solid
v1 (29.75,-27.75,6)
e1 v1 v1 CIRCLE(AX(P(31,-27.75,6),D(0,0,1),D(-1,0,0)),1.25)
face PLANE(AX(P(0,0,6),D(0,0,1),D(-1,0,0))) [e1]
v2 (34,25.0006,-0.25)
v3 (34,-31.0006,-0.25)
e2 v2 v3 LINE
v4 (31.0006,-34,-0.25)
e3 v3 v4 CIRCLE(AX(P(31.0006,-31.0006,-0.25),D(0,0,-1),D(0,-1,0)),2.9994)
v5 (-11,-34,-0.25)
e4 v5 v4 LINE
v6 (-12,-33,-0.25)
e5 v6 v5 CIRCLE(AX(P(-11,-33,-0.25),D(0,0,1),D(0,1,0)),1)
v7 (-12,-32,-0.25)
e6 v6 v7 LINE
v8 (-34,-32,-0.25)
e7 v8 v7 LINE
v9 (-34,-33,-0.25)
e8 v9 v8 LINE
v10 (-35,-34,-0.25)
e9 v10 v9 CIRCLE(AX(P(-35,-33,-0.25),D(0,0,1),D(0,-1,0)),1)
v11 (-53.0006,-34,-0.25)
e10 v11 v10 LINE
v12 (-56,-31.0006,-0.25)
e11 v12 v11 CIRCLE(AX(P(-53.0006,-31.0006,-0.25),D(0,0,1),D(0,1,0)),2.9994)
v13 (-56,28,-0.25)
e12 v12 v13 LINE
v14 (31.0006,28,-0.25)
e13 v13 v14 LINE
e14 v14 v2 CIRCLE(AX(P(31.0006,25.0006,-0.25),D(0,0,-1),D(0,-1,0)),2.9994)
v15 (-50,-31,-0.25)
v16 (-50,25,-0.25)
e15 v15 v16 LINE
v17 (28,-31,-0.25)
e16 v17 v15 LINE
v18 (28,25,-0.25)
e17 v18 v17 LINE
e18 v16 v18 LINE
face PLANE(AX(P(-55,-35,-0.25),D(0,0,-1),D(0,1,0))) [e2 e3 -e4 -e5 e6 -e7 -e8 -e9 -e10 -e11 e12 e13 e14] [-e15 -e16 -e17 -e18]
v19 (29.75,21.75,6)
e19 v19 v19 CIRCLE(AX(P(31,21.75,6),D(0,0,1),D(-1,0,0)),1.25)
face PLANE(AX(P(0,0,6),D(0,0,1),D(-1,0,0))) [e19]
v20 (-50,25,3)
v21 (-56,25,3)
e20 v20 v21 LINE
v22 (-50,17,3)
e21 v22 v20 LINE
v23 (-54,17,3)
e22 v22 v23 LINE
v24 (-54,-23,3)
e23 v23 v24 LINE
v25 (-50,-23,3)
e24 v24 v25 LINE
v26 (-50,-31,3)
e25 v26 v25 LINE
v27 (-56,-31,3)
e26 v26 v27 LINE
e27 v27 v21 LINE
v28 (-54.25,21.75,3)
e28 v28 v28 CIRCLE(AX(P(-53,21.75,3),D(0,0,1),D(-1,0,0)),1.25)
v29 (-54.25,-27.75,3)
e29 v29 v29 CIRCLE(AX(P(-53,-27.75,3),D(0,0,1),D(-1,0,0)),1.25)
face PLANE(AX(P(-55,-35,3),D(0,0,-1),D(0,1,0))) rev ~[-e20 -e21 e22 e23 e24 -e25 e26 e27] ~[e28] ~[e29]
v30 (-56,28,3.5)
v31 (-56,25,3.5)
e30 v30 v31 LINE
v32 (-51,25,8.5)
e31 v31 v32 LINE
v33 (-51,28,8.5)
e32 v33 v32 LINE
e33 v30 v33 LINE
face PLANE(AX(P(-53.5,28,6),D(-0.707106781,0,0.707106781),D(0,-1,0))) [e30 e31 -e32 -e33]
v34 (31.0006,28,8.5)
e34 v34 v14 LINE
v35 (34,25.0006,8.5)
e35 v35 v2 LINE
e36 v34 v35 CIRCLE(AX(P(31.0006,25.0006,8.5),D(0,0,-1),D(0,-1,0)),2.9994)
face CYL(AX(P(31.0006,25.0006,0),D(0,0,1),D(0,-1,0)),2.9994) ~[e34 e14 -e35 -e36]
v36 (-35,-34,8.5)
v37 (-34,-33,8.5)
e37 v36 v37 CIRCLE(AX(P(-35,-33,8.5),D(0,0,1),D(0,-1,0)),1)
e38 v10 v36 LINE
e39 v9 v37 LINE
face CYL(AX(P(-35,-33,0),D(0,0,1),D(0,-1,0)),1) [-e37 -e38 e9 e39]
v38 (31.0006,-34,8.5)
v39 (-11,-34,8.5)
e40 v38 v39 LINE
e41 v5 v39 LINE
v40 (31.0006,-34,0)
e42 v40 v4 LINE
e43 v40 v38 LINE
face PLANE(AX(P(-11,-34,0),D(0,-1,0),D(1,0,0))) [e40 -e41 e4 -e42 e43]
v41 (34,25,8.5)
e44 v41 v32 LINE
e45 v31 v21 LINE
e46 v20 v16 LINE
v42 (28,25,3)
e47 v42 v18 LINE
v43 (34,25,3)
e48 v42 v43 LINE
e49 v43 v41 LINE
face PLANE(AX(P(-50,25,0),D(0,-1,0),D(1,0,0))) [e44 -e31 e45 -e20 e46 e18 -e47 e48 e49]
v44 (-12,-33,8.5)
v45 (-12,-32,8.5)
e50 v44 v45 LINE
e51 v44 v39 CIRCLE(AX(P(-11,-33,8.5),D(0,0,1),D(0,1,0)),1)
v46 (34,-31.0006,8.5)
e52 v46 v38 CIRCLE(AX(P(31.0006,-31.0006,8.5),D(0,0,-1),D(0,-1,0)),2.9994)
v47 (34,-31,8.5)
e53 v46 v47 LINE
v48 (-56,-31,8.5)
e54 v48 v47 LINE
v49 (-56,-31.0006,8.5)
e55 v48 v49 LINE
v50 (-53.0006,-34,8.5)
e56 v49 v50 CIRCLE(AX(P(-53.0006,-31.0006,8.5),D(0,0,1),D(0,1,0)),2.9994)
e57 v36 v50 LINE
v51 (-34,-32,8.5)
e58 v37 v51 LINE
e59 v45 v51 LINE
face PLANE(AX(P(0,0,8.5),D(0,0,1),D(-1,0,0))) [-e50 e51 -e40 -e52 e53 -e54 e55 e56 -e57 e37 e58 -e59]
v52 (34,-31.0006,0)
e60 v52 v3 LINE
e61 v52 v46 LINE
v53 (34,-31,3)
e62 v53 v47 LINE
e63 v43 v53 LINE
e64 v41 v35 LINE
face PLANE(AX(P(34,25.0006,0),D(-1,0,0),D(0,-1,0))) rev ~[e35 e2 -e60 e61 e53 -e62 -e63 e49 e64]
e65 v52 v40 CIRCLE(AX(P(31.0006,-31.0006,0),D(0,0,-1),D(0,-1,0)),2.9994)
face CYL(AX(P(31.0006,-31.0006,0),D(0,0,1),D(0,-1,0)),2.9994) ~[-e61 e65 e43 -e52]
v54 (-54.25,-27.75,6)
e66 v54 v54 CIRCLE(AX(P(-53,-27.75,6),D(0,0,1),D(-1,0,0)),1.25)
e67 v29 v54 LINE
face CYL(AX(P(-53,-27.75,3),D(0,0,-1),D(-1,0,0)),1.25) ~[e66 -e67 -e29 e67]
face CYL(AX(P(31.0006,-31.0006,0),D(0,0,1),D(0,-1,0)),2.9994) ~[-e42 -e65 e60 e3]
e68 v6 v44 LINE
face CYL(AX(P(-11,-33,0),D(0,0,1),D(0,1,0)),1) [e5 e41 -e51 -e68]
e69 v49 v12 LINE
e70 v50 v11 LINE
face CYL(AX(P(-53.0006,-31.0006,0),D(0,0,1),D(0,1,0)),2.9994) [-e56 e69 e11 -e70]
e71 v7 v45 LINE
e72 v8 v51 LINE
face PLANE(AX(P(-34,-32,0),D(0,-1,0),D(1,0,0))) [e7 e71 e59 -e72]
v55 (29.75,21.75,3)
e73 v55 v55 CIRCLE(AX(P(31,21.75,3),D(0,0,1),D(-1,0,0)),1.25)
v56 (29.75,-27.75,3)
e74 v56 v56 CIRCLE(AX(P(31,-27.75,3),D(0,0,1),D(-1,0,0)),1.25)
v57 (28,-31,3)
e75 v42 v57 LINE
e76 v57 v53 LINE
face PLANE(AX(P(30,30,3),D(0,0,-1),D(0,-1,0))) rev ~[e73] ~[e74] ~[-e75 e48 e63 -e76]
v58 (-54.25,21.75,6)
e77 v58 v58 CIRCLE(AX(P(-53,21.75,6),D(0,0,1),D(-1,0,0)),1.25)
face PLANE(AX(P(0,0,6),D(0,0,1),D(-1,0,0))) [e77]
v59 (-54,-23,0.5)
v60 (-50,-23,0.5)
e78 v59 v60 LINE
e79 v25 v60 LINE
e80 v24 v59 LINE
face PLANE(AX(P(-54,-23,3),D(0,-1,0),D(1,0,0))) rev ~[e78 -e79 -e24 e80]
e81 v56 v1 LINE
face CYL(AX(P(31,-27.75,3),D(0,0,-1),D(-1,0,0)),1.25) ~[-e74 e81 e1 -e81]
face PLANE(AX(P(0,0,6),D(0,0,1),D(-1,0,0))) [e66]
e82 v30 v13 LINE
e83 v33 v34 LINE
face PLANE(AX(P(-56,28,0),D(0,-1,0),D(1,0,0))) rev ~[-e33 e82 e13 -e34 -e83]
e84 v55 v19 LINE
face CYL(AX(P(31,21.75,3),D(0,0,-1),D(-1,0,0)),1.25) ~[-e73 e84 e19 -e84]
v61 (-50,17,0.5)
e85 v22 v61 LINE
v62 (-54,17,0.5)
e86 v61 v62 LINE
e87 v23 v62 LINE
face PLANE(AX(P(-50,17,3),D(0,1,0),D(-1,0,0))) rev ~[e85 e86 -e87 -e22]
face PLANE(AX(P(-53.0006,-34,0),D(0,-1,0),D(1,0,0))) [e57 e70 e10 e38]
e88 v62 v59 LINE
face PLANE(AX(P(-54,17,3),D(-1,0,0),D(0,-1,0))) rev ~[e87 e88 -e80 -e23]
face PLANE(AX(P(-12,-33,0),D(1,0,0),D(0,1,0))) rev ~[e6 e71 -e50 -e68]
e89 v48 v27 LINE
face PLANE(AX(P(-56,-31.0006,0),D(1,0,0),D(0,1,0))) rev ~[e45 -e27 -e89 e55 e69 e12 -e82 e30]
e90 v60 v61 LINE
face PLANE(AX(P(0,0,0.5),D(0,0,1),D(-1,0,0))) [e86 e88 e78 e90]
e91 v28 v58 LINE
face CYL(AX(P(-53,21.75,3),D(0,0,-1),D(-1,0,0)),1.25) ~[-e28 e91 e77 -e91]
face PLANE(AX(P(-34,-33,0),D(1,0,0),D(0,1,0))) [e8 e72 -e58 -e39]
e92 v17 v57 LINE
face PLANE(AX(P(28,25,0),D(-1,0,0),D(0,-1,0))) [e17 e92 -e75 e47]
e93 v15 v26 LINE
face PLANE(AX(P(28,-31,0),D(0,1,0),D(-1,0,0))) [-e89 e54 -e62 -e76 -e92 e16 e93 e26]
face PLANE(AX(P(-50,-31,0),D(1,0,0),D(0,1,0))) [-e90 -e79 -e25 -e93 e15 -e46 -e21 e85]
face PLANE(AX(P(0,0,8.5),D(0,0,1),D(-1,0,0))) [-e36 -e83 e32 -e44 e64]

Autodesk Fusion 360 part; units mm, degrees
sketch "Sketch1" plane through (0, 0, 0) normal (0, 0, 1) x (1, 0, 0)
  line L0 (-50, 25) -> (28, 25)
  line L1 (28, 25) -> (28, -31)
  line L2 (28, -31) -> (-50, -31)
  line L3 (-50, -31) -> (-50, 25)
  line L4 (-55, 30) -> (30, 30)
  line L5 (30, 30) -> (30, -35)
  line L6 (30, -35) -> (-55, -35)
  line L7 (-55, -35) -> (-55, 30)
  dimension "d1" = 78
  dimension "d2" = 56
extrude "Extrude1" add sketch "Sketch1" along normal blind 3
sketch "Sketch2" plane through (0, 0, 3) normal (0, 0, 1) x (-1, 0, 0)
  line L0 (-28, 31) -> (50, 31)
  line L1 (50, 31) -> (50, -25)
  line L2 (50, -25) -> (-28, -25)
  line L3 (-28, -25) -> (-28, 31)
  line L4 (55, 35) -> (-30, 35)
  line L5 (-30, 35) -> (-30, -30)
  line L6 (-30, -30) -> (55, -30)
  line L7 (55, -30) -> (55, 35)
  line L8 (50, -25) -> (-28, -25)
  line L9 (-28, -25) -> (-28, -30)
  line L10 (-28, -30) -> (50, -30)
  line L11 (50, -30) -> (50, -25)
  line L12 (-28, 31) -> (50, 31)
  line L13 (50, 31) -> (50, 35)
  line L14 (50, 35) -> (-28, 35)
  line L15 (-28, 35) -> (-28, 31)
extrude "Extrude2" add sketch "Sketch2" along normal blind 5 contours L0 L4 L12 L13 L14 L15 | L2 L6 L8 L9 L10 L11
extrude "Extrude3" add 1 faces at (30, 8.3333, 1) along direction (1, 0, 0) blind 4
extrude "Extrude4" add 1 faces at (-55, -13.3333, 1) along direction (-1, 0, 0) blind 1
sketch "Sketch3" plane through (0, 0, 3) normal (0, 0, 1) x (-1, 0, 0)
  line L0 (50, 35) -> (50, 31)
  line L1 (50, 31) -> (50, -25)
  line L2 (50, -25) -> (50, -30)
  line L3 (50, -30) -> (56, -30)
  line L4 (56, -30) -> (56, 35)
  line L5 (56, 35) -> (50, 35)
  circle A0 centre (53, -21.75) radius 1.25
  circle A1 centre (-31, -21.75) radius 1.25
  circle A2 centre (-31, 27.75) radius 1.25
  circle A3 centre (53, 27.75) radius 1.25
  dimension "d11" = 2.5
  dimension "d12" = 2.5
  dimension "d13" = 2.5
  dimension "d14" = 2.5
extrude "Extrude5" add sketch "Sketch3" along normal blind 3 contours A0 | A1 | A2 | A3
extrude "Extrude6" add 2 faces at (2, 28.3333, 8) (2, -32.3333, 8) along direction (0, 0, 1) blind 1
extrude "Extrude7" cut 1 faces at (-24, 30, 7) along direction (0, -1, 0) blind 2
extrude "Extrude8" cut 1 faces at (-24, -35, 5) along direction (0, 1, 0) blind 1
sketch "Sketch4" plane through (0, 0, 3) normal (0, 0, 1) x (-1, 0, 0)
  line L0 (56, 34) -> (50, 34)
  line L1 (50, 34) -> (50, 31)
  line L2 (50, 31) -> (50, -25)
  line L3 (50, -25) -> (50, -28)
  line L4 (50, -28) -> (56, -28)
  line L5 (56, -28) -> (56, 34)
  circle A0 centre (53, -21.75) radius 1.25
  circle A1 centre (53, 27.75) radius 1.25
  line L6 (50, -17) -> (54, -17)
  line L7 (54, -17) -> (54, 23)
  line L8 (54, 23) -> (50, 23)
  line L9 (50, 23) -> (50, -17)
extrude "Extrude9" cut sketch "Sketch4" against normal blind 2.5 contours L2 L6 L7 L8 L9
extrude "Extrude10" add 2 faces at (-50, -32, 5) (-50, 26, 5) along direction (-1, 0, 0) up to surface end surface through (-56, -35, 0) normal (-1, 0, 0) offset 0
extrude "Extrude11" add 2 faces at (28, -32, 7) (28, 26, 5) along direction (1, 0, 0) up to surface end surface through (34, 30, 0) normal (1, 0, 0) offset 0
extrude "Extrude12" cut 2 faces at (4, 26, 9) (4, -33, 9) along direction (0, 0, -1) blind 0.5
chamfer "Chamfer1" distance 5 angle 45 1 edges at (-56, 26.5, 8.5)
fillet "Fillet4" radius 3 3 edges at (-56, -34, 4.25) (34, -34, 4.25) (34, 28, 4.25)
sketch "Sketch5" plane through (0, -34, 0) normal (0, -1, 0) x (1, 0, 0)
  line L0 (31, 0) -> (31, 8.5)
  line L1 (31, 8.5) -> (-53, 8.5)
  line L2 (-53, 8.5) -> (-53, 0)
  line L3 (-53, 0) -> (31, 0)
  line L4 (-56, 0) -> (-34, 0)
  line L5 (-34, 0) -> (-34, 10.214)
  line L6 (-34, 10.214) -> (-12, 10.214)
  line L7 (-12, 10.214) -> (-12, -0.4704)
  line L8 (-12, -0.4704) -> (-34, -0.4704)
  line L9 (-34, -0.4704) -> (-34, 0)
  point P0 (-56, 0)
  dimension "d40" = 90
  dimension "d41" = 22
extrude "Extrude13" cut sketch "Sketch5" against normal blind 2 contours L1 L3 L5 L7
fillet "Fillet5" radius 1 2 edges at (-34, -34, 4.25) (-12, -34, 4.25)
extrude "Extrude14" add 1 faces at (-54, 7.3331, 0) along direction (0, 0, -1) blind 0.25
